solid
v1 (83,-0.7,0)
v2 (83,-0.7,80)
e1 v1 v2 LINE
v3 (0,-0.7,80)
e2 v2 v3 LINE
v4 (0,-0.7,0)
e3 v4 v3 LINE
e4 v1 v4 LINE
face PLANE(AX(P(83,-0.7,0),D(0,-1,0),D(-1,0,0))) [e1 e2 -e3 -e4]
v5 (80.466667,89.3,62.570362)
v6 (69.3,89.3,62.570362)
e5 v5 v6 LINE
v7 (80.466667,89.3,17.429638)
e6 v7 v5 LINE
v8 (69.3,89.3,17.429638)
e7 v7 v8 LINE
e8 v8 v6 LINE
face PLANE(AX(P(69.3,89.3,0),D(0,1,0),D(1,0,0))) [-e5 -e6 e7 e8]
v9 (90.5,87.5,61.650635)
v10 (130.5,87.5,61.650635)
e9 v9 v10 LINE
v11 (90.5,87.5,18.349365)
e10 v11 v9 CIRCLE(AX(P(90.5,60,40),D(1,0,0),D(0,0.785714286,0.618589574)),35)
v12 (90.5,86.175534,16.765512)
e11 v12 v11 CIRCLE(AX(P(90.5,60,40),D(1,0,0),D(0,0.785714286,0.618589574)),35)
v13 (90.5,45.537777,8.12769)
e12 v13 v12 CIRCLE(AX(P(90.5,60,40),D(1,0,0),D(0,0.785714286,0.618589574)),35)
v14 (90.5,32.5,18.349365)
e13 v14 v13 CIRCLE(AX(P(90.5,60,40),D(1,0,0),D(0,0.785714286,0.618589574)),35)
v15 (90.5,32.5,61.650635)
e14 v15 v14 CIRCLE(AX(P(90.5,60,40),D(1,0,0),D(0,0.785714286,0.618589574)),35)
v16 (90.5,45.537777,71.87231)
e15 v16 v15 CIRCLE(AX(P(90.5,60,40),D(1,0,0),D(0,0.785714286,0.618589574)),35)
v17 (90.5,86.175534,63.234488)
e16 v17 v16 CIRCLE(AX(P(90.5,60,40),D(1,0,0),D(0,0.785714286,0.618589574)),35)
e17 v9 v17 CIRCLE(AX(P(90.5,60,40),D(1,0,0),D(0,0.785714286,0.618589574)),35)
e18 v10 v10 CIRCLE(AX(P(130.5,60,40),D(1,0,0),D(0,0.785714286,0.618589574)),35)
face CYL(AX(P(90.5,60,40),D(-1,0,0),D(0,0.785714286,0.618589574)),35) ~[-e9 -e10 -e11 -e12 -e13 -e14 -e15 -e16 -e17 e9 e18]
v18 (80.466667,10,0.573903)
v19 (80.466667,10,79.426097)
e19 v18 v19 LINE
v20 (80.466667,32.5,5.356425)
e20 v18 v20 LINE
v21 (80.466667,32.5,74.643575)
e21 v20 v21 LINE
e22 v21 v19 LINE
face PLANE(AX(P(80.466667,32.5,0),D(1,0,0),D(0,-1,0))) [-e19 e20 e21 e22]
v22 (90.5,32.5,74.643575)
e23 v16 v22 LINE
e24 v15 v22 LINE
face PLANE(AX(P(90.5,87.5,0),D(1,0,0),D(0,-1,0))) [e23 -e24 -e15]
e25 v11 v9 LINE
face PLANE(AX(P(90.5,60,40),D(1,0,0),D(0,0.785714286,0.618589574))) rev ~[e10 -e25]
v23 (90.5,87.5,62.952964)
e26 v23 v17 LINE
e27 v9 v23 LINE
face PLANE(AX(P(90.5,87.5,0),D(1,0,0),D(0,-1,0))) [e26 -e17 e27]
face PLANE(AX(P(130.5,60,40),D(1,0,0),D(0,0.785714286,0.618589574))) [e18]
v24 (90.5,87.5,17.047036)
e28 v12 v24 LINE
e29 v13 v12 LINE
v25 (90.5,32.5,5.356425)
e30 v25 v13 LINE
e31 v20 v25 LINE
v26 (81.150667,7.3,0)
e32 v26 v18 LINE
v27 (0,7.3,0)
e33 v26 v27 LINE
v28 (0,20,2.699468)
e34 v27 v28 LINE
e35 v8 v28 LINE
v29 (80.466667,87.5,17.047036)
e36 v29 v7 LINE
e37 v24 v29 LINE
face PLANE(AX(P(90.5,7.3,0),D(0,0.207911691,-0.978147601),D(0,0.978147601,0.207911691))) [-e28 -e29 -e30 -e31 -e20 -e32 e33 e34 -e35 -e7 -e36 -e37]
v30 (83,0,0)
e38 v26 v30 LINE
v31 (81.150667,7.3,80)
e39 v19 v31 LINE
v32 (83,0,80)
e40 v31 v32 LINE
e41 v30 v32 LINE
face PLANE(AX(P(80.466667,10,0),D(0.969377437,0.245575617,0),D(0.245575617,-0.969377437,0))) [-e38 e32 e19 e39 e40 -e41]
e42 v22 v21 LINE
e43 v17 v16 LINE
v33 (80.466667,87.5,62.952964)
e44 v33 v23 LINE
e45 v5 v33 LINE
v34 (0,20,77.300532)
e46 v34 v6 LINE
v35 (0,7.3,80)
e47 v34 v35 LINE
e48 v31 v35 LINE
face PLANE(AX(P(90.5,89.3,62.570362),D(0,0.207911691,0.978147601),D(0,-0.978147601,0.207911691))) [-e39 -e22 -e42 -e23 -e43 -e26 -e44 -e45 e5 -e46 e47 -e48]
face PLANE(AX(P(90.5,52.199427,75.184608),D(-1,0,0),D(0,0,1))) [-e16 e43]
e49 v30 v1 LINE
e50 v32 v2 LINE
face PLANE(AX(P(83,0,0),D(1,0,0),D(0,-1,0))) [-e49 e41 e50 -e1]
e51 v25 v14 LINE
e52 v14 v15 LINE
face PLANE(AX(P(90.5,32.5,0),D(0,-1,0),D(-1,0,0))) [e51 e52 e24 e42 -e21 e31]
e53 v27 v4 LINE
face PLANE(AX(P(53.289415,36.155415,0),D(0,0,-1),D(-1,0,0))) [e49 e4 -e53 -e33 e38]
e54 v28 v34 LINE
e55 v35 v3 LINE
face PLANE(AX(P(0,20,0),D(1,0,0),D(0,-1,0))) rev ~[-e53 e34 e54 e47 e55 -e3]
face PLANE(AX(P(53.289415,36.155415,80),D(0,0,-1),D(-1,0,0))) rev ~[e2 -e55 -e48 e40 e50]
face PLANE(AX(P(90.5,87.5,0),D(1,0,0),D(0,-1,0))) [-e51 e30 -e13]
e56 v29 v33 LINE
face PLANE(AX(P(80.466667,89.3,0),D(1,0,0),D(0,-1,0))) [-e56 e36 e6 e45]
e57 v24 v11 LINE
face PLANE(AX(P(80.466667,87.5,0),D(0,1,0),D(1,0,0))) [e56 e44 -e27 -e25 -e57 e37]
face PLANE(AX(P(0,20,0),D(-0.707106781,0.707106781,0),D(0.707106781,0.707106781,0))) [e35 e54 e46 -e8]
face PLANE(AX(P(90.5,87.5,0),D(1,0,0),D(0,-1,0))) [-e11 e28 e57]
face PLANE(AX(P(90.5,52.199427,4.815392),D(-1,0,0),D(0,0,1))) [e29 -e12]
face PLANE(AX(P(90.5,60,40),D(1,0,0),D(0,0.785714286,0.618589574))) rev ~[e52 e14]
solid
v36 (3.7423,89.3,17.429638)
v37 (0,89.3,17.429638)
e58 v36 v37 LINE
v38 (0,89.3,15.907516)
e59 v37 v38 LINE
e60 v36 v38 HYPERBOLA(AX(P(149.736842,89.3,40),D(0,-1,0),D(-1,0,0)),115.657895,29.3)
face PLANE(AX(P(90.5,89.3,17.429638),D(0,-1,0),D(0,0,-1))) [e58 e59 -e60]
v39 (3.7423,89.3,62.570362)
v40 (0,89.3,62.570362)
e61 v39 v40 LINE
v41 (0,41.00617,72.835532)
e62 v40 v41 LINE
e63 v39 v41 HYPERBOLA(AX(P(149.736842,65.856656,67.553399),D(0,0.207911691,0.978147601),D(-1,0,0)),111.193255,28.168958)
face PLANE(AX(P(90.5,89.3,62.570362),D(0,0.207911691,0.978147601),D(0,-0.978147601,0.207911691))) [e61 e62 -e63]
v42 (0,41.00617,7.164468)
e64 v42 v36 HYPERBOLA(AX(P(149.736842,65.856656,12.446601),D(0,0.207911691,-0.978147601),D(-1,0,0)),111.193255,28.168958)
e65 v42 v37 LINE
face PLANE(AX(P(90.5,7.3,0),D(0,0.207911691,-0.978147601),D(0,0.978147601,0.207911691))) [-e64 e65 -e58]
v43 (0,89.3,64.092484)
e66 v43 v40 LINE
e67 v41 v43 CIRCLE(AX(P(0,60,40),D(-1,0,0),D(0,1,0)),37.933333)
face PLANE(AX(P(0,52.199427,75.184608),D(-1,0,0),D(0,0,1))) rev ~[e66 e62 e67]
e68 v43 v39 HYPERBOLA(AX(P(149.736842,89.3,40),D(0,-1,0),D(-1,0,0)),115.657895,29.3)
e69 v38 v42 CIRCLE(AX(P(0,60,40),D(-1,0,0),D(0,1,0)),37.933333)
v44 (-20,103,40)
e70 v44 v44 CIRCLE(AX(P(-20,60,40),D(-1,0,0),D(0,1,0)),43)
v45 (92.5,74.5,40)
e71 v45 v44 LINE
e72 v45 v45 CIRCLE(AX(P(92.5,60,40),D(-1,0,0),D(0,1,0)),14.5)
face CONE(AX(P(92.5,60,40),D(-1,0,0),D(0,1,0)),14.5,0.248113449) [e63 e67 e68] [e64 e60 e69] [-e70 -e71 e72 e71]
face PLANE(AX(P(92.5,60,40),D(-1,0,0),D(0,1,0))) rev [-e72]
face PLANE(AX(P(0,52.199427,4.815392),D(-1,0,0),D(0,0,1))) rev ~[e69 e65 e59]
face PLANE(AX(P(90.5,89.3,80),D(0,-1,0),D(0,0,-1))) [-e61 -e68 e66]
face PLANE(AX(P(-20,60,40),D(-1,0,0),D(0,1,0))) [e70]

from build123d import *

# Parameters (mm, degrees)
EXTRUDE_1_DEPTH     = 80
SKETCH_2_R          = 35
EXTRUDE_2_DEPTH     = 40
CUT_EXTRUDE_START   = -90.5
CUT_EXTRUDE_1_DEPTH = 90.5


with BuildPart() as part:
    # 草图1 → 凸台-拉伸1 (new body)
    with BuildSketch(Plane.XY):
        Polygon((0, 0), (0, 20), (69.3, 89.3), (80.466666667, 89.3), (80.466666667, 87.5), (90.5, 87.5), (90.5, 32.5), (80.466666667, 32.5), (80.466666667, 10), (83, 0), (83, -0.7), (0, -0.7), align=None)
    extrude(amount=EXTRUDE_1_DEPTH)

    # 草图2 → 凸台-拉伸2 (add)
    with BuildSketch(Plane(origin=(90.5, 0, 0), x_dir=(0, 0, -1), z_dir=(1, 0, 0))):
        with Locations(Location((-40, 60, 0), (0, 0, 128.213210702))):
            Circle(SKETCH_2_R)
    extrude(amount=EXTRUDE_2_DEPTH)


with BuildPart() as body_2:
    # 草图3 → 旋转1 (revolve)
    with BuildSketch(Plane.XY.offset(40)):
        Polygon((92.5, 60), (92.5, 74.5), (-20, 103), (-20, 60), align=None)
    revolve(axis=Axis((92.5, 60, 40), (-1, 0, 0)))


with BuildPart() as cut_extrude_1_tool:
    # 草图5 → 切除-拉伸1 (new body)
    with BuildSketch(Plane.ZY.offset(CUT_EXTRUDE_START)):
        Polygon((0, 7.3), (17.429638057, 89.3), (0, 89.3), align=None)
        Polygon((62.570361943, 89.3), (80, 7.3), (80, 89.3), align=None)
    extrude(amount=CUT_EXTRUDE_1_DEPTH)


with BuildPart() as part_1:
    add(part.part)

    # 切除-拉伸1: cut by cut_extrude_1_tool
    add(cut_extrude_1_tool.part, mode=Mode.SUBTRACT)


with BuildPart() as body_2_1:
    add(body_2.part)

    # 切除-拉伸1: cut by cut_extrude_1_tool
    add(cut_extrude_1_tool.part, mode=Mode.SUBTRACT)


solid = Compound([part_1.part, body_2_1.part])
